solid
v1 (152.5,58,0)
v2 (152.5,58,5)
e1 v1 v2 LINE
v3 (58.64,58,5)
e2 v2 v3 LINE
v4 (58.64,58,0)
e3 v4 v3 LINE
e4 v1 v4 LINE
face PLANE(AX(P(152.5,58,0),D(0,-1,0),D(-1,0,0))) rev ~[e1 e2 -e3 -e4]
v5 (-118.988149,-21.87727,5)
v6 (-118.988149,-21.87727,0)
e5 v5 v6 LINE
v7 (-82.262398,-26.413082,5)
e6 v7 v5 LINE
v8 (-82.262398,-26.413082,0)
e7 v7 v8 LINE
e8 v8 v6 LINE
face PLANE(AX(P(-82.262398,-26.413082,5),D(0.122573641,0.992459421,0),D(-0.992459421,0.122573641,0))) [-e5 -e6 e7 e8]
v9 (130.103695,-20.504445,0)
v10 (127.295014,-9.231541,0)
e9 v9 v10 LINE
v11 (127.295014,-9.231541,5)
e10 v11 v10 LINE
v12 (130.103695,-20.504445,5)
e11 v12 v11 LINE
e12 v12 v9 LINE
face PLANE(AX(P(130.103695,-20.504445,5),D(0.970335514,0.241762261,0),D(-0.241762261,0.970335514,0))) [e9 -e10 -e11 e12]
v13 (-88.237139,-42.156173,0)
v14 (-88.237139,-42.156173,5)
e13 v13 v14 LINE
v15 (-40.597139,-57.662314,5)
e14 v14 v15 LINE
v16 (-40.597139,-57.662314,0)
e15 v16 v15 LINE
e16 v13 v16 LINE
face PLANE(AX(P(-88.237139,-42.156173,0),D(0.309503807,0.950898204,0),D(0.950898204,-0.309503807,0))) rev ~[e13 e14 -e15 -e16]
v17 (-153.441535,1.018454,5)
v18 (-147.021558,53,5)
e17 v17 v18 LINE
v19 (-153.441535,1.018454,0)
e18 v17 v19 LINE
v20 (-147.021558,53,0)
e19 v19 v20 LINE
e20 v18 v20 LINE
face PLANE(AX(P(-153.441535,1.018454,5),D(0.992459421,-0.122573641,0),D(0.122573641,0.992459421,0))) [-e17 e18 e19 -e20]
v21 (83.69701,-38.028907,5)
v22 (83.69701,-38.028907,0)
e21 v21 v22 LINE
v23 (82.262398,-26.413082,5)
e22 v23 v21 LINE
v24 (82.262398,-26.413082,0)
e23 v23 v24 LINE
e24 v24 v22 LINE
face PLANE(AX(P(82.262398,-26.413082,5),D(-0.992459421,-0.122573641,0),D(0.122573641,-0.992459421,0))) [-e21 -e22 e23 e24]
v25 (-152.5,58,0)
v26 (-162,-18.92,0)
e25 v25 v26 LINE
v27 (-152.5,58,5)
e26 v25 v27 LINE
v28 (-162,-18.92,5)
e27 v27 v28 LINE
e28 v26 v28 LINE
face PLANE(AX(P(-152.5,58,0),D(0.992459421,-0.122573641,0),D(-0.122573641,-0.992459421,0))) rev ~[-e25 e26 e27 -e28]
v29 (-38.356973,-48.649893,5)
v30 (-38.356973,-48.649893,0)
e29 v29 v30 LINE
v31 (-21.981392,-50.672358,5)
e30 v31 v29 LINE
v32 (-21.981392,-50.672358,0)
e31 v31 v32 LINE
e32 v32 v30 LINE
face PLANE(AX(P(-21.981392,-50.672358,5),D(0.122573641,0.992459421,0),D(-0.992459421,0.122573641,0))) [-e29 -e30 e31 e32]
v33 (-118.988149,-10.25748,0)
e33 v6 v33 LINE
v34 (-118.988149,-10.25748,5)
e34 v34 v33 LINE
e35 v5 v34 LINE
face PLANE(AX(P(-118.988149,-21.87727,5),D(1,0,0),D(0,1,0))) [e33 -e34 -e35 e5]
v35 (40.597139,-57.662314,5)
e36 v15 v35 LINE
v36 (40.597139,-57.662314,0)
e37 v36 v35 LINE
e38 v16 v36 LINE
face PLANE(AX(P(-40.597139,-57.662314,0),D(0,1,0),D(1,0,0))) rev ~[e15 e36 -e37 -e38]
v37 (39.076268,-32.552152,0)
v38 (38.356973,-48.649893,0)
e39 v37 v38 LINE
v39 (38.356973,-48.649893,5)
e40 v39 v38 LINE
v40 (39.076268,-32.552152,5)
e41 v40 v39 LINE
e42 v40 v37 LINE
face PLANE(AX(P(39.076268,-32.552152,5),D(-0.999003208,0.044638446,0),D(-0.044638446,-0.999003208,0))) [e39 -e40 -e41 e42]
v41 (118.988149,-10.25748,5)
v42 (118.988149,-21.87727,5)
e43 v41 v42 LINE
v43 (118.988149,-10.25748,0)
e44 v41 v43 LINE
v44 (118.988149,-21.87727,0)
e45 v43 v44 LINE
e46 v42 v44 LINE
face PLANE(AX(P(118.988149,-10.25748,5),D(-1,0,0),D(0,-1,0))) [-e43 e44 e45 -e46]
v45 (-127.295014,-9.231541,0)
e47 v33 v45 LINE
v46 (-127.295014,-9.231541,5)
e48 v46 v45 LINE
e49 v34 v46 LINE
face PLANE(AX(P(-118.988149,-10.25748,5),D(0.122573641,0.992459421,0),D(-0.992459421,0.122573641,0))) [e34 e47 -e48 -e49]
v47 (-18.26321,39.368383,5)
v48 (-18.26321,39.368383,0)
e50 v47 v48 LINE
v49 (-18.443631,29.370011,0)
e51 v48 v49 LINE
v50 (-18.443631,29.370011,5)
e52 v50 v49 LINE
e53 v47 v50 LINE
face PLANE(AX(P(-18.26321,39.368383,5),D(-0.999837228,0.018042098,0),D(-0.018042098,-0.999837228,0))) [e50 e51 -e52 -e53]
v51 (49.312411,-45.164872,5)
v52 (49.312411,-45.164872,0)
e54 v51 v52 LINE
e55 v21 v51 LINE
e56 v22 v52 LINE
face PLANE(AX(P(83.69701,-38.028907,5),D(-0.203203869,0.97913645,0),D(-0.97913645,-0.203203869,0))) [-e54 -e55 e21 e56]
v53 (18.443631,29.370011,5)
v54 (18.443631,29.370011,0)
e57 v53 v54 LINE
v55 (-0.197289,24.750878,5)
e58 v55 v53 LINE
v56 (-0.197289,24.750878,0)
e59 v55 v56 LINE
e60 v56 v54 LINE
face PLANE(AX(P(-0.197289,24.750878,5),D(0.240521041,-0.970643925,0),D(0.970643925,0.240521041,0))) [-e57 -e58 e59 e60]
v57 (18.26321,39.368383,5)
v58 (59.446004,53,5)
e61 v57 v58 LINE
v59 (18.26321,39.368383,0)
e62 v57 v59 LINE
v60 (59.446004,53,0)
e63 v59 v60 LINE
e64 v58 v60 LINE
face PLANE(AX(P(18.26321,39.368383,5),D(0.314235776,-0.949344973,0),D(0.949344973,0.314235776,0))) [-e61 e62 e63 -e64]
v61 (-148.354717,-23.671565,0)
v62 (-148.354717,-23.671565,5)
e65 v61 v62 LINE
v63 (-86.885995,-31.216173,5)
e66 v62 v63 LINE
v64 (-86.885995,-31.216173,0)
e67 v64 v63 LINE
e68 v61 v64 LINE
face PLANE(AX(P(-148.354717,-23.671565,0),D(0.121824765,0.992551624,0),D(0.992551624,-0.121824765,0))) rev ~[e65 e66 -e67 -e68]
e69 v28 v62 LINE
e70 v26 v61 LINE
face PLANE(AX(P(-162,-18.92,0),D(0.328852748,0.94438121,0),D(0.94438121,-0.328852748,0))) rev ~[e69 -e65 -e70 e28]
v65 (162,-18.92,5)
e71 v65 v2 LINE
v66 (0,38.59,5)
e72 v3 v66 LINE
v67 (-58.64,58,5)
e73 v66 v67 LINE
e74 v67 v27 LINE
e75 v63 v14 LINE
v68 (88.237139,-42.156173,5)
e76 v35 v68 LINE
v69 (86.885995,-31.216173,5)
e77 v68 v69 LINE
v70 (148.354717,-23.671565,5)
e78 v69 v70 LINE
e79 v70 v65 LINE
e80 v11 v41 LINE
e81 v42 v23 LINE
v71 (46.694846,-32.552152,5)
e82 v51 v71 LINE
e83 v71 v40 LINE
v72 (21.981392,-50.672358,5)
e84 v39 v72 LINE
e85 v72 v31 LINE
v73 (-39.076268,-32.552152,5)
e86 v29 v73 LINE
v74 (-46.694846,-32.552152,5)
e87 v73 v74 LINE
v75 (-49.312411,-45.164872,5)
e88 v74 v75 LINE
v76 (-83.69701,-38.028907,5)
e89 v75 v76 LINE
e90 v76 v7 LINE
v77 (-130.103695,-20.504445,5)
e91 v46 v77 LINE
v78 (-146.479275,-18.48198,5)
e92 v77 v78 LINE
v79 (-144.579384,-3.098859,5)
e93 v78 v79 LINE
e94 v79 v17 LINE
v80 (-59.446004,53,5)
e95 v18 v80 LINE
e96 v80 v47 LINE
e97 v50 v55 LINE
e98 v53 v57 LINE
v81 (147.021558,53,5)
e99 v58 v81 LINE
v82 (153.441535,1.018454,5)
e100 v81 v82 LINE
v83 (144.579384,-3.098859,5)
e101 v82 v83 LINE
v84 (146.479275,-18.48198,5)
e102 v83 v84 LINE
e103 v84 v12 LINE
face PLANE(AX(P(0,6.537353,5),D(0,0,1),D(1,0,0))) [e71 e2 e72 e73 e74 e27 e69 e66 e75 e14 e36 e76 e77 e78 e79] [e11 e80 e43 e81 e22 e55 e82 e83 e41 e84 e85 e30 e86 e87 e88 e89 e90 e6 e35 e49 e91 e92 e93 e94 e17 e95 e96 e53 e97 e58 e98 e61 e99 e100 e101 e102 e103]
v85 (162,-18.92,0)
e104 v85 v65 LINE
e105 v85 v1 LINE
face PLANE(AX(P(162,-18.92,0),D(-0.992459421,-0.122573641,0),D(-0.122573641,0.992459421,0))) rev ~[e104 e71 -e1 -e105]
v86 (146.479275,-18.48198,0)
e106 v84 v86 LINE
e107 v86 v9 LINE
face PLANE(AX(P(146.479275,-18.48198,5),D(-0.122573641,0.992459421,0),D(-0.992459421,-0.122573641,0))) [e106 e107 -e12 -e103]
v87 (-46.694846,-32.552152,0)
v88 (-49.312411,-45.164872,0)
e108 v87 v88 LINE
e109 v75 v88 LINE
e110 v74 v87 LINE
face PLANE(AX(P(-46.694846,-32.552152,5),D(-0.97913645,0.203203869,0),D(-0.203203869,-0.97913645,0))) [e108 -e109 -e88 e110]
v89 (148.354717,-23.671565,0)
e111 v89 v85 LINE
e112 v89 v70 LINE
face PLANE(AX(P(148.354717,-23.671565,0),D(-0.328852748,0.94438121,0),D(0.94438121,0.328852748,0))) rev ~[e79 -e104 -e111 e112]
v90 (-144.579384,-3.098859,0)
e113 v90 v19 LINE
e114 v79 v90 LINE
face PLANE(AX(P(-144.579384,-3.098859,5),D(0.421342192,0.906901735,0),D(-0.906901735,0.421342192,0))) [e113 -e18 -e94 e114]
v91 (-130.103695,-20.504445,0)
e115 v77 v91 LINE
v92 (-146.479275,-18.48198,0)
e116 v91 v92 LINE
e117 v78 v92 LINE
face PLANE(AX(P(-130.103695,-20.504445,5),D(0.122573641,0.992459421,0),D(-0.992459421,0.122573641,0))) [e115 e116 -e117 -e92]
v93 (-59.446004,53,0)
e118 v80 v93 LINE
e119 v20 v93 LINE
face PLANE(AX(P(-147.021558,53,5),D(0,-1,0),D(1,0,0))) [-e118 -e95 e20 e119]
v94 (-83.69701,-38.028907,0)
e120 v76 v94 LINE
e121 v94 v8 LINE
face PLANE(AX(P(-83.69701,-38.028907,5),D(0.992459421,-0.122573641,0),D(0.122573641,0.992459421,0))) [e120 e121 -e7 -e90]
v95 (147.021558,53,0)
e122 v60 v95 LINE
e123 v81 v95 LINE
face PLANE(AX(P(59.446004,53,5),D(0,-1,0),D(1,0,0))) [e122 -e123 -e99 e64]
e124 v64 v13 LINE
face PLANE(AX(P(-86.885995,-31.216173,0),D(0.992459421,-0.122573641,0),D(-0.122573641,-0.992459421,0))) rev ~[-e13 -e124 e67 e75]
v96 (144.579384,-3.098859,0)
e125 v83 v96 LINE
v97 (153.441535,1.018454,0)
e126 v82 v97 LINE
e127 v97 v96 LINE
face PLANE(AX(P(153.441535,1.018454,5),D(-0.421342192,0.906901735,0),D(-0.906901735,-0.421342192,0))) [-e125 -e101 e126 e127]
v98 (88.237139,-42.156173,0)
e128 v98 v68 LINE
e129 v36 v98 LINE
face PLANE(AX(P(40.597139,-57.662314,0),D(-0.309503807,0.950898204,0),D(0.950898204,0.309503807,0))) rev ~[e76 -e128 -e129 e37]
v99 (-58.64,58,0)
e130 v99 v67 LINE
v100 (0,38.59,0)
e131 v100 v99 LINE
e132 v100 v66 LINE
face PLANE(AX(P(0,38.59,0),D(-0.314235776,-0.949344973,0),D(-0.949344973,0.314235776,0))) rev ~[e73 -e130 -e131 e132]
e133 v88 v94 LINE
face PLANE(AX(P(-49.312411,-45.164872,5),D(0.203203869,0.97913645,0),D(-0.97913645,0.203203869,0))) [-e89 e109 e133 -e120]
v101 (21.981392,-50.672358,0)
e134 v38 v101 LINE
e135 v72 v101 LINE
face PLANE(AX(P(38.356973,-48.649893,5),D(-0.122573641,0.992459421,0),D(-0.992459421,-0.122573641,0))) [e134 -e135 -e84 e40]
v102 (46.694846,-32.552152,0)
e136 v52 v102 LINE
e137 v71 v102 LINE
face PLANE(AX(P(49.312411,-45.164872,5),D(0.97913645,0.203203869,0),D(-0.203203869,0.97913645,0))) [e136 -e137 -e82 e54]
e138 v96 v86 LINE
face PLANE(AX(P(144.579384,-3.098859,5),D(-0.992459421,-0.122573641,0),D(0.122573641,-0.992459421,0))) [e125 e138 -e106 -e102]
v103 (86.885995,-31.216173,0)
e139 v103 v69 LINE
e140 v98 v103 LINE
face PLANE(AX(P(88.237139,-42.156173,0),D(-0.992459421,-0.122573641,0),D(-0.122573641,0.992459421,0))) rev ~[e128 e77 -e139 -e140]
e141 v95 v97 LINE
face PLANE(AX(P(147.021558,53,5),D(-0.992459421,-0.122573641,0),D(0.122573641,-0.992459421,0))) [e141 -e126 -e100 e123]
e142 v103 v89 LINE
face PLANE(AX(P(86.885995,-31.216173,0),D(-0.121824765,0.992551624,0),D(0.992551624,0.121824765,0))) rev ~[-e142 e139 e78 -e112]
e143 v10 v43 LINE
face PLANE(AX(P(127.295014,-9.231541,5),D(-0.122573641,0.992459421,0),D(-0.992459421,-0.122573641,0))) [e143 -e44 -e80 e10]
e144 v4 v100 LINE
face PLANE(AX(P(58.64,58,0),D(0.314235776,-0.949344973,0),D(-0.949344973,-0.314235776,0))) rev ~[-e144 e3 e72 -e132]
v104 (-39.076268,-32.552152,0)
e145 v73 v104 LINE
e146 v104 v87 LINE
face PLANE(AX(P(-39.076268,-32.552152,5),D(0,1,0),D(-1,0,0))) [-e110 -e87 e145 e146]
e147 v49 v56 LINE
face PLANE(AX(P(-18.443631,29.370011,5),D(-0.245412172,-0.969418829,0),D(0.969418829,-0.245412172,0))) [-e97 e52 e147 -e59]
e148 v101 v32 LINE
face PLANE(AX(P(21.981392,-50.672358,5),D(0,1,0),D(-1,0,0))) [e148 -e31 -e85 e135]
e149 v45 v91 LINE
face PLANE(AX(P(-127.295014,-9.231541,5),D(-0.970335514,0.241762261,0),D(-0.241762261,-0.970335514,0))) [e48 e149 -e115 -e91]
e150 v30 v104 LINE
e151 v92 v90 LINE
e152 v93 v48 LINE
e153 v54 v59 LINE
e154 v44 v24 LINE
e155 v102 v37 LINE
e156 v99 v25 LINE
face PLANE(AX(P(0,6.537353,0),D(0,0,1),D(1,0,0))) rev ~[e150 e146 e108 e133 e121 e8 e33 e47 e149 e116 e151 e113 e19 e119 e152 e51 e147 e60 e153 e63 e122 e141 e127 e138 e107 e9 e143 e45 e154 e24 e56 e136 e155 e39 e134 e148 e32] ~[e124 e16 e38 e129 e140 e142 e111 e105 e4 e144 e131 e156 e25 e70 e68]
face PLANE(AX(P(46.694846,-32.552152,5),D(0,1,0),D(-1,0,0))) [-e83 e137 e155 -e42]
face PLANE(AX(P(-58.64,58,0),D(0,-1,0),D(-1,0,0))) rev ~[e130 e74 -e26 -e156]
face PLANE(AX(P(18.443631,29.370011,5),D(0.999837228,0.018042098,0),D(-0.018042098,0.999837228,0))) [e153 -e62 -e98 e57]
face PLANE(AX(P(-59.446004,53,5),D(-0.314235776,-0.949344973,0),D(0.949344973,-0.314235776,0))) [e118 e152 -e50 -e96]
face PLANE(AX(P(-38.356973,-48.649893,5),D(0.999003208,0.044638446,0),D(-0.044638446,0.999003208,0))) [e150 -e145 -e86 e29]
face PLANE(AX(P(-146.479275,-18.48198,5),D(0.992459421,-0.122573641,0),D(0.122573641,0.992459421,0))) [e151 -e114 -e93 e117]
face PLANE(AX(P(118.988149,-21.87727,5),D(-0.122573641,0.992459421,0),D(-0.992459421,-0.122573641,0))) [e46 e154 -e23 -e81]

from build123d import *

# Parameters (mm, degrees)
EXTRUDE_2_DEPTH     = 5
CUT_EXTRUDE_5_DEPTH = 173.142382928


with BuildPart() as part:
    # Эскиз4 → Бобышка-Вытянуть2 (new body)
    with BuildSketch(Plane.XY):
        Polygon((152.5, 58), (58.64, 58), (0, 38.59), (-58.64, 58), (-152.5, 58), (-162, -18.92), (-148.354716995, -23.671565122), (-86.885994913, -31.21617284), (-88.237138959, -42.15617284), (-40.597138959, -57.662313559), (40.597138959, -57.662313559), (88.237138959, -42.15617284), (86.885994913, -31.21617284), (148.354716995, -23.671565122), (162, -18.92), align=None)
        with BuildLine():
            Line((21.848195141, 15.513282482), (18.617591482, 3.873282482))
            ThreePointArc((18.617591482, 3.873282482), (0, -28.455), (-18.617591482, 3.873282482))
            Line((-18.617591482, 3.873282482), (-21.848195141, 15.513282482))
            Line((-21.848195141, 15.513282482), (-10.908195141, 11.626317085))
            ThreePointArc((-10.908195141, 11.626317085), (0, 14.595), (10.908195141, 11.626317085))
            Line((10.908195141, 11.626317085), (21.848195141, 15.513282482))
        make_face(mode=Mode.SUBTRACT)
    extrude(amount=EXTRUDE_2_DEPTH)

    # Эскиз6 → Вырез-Вытянуть5 (cut, through all)
    with BuildSketch(Plane.XY.offset(5)):
        Polygon((-144.579383614, -3.098859092), (-153.441535305, 1.018454037), (-147.02155758, 53), (-59.446003505, 53), (-18.263209753, 39.3683829), (-18.443630735, 29.370010619), (-0.197288626, 24.750877673), (18.443630735, 29.370010619), (18.263209753, 39.3683829), (59.446003505, 53), (147.02155758, 53), (153.441535305, 1.018454037), (144.579383614, -3.098859092), (146.479275056, -18.481980118), (130.103694609, -20.504445202), (127.29501371, -9.23154094), (118.988149093, -10.257479758), (118.988149093, -21.877269986), (82.262397943, -26.413081686), (83.697009804, -38.028907412), (49.312411241, -45.164872427), (46.694846048, -32.552152466), (39.076267674, -32.552152466), (38.356972556, -48.649893027), (21.981392109, -50.672358111), (-21.981392109, -50.672358111), (-38.356972556, -48.649893027), (-39.076267674, -32.552152466), (-46.694846048, -32.552152466), (-49.312411241, -45.164872427), (-83.697009804, -38.028907412), (-82.262397943, -26.413081686), (-118.988149093, -21.877269986), (-118.988149093, -10.257479758), (-127.29501371, -9.23154094), (-130.103694609, -20.504445202), (-146.479275056, -18.481980118), align=None)
    extrude(amount=-CUT_EXTRUDE_5_DEPTH, mode=Mode.SUBTRACT)


solid = part.part
